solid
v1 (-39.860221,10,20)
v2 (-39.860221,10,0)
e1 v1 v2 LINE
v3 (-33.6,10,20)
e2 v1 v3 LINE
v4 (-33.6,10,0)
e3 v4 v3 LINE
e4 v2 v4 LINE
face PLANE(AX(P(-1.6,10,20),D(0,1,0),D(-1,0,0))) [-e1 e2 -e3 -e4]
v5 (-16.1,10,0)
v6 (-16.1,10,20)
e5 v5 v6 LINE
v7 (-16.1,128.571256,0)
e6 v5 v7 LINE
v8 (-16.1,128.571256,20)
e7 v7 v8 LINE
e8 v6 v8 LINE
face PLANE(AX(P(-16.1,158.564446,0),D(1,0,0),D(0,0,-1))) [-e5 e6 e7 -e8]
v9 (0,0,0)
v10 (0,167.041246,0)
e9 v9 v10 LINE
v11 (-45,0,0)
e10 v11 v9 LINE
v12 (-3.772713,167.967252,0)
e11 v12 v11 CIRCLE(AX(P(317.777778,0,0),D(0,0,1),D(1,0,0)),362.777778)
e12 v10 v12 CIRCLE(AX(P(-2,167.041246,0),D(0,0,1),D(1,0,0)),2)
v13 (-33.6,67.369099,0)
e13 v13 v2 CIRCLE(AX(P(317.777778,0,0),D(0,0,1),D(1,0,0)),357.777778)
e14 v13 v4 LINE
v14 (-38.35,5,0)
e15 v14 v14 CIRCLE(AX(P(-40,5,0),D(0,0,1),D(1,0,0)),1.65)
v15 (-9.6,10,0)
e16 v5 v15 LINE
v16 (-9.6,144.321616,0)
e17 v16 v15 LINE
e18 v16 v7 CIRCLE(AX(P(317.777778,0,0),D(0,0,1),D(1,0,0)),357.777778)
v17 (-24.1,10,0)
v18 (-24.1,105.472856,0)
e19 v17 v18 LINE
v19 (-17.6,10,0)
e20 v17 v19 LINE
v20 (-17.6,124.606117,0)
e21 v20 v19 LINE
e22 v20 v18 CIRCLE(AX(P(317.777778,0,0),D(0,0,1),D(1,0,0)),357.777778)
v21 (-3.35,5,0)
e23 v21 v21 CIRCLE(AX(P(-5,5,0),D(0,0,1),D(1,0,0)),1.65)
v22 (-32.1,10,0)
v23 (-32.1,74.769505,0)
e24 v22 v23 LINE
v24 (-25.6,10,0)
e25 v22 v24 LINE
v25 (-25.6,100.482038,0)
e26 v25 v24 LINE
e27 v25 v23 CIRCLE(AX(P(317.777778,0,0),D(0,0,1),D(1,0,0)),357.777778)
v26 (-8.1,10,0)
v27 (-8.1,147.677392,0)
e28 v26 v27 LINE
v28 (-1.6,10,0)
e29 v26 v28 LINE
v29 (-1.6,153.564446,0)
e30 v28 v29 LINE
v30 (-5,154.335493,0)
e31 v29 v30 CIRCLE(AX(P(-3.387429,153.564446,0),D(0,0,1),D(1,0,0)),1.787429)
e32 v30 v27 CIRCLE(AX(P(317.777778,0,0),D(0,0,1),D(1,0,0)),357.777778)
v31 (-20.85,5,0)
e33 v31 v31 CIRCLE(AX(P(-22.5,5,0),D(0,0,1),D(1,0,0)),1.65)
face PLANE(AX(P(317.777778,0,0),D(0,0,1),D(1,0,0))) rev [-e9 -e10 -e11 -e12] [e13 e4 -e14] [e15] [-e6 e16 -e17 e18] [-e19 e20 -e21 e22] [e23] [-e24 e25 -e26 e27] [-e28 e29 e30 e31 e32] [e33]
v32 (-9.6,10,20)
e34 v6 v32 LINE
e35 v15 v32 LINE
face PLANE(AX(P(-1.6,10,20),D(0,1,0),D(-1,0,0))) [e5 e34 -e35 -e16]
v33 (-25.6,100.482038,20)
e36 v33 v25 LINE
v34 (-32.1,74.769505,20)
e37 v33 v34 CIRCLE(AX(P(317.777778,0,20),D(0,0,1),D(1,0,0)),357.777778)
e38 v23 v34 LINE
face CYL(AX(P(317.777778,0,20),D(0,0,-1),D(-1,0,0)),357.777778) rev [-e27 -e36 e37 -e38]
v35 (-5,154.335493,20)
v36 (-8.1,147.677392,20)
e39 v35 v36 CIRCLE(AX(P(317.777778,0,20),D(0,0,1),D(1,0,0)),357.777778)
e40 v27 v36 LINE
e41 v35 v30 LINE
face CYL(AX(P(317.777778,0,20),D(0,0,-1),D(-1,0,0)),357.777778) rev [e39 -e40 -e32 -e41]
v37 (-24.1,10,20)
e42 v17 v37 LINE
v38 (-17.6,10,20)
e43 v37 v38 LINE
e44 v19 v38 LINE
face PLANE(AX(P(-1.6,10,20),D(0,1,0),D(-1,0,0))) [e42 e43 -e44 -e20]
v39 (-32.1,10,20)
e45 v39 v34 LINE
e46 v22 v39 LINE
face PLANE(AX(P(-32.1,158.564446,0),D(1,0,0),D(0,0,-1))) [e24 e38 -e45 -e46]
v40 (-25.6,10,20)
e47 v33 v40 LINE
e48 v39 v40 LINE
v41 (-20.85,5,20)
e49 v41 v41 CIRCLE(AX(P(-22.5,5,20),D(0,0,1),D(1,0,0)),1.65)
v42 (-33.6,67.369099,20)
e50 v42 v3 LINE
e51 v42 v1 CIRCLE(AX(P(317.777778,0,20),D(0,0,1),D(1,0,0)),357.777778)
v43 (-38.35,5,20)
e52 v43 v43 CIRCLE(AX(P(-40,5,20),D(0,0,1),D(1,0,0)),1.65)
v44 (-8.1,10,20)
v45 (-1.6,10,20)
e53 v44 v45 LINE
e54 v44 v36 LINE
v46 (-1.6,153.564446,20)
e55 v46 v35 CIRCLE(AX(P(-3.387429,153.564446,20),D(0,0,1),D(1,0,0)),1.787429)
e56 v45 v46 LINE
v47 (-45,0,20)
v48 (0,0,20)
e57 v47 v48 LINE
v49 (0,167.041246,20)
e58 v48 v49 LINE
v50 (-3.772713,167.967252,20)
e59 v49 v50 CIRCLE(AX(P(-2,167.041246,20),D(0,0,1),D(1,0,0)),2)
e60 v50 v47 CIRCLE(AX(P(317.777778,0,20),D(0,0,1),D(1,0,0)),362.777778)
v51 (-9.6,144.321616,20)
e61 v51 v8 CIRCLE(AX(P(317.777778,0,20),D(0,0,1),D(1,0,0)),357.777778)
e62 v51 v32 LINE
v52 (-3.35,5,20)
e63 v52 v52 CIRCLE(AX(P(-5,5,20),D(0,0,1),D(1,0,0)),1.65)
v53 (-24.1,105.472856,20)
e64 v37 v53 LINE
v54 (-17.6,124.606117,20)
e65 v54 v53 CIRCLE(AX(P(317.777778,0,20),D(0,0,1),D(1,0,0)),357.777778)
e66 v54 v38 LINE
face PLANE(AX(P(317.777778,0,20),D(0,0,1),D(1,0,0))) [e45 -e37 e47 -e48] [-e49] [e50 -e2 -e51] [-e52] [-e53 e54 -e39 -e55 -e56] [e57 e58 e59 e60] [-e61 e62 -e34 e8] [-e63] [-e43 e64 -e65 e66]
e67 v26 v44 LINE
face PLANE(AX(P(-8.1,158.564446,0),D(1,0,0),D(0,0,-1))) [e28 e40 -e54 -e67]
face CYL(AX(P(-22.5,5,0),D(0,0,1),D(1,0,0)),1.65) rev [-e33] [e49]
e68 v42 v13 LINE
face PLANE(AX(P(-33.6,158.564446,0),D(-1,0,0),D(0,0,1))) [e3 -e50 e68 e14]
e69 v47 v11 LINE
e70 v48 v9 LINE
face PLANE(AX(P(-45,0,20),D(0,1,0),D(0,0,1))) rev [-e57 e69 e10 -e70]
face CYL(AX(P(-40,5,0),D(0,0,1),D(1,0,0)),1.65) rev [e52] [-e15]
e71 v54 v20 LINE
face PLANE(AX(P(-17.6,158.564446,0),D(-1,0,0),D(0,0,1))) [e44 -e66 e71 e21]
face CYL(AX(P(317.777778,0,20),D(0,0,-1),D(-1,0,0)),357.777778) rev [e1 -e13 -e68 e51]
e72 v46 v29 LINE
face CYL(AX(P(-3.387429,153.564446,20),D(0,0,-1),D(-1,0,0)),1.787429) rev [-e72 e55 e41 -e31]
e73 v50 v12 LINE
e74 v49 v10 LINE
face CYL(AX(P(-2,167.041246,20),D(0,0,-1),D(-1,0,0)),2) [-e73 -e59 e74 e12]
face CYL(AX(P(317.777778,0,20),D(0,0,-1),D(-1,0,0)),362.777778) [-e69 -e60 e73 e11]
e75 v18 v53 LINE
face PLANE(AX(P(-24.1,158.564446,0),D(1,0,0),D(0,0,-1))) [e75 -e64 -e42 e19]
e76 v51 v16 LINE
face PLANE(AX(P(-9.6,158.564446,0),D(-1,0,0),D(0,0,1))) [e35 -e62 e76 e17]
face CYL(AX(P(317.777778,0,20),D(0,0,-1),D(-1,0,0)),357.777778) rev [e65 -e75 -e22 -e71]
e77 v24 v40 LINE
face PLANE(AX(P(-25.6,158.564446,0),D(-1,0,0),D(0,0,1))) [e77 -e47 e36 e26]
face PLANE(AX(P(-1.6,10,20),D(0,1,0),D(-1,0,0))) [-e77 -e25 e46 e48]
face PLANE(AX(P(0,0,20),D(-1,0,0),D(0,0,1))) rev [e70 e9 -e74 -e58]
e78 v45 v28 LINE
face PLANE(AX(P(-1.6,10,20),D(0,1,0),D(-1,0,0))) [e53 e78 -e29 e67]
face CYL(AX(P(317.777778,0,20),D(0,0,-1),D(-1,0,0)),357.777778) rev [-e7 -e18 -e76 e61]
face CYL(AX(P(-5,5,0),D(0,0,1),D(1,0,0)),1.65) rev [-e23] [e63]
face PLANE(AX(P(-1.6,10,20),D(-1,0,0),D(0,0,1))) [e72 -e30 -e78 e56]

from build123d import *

# Parameters (mm, degrees)
BOSS_EXTRUDE4_DEPTH  = 20
SKETCH12_R           = 1.65
CUT_EXTRUDE1_DEPTH   = 177.068006068
SKETCH14_W           = 1.5
SKETCH14_H           = 148.56444562
BOSS_EXTRUDE5_DEPTH  = 20
CUT_EXTRUDE2_START   = -20
CUT_EXTRUDE2_DEPTH   = 20
CUT_EXTRUDE3_START   = -30
CUT_EXTRUDE3_DEPTH   = 30
LPATTERN2_COUNT      = 5
LPATTERN2_PITCH      = 8
LPATTERN2_COUNT_DIR2 = 5
LPATTERN2_PITCH_DIR2 = 8
CUT_EXTRUDE4_START   = -30
CUT_EXTRUDE4_DEPTH   = 30


with BuildPart() as part:
    # Sketch5 → Boss-Extrude4 (new body)
    with BuildSketch(Plane.XY):
        with BuildLine():
            Line((0, 0), (0, 167.041245738))
            ThreePointArc((0, 167.041245738), (-1.523254023, 168.9835931), (-3.772713274, 167.967252028))
            ThreePointArc((-3.772713274, 167.967252028), (-34.542452011, 86.476422979), (-45, 0))
            Line((-45, 0), (0, 0))
        make_face()
        with BuildLine():
            Line((-1.6, 10), (-39.860221142, 10))
            ThreePointArc((-39.860221142, 10), (-30.000299364, 83.996114978), (-5, 154.335493145))
            ThreePointArc((-5, 154.335493145), (-2.992115624, 155.307611869), (-1.6, 153.56444562))
            Line((-1.6, 153.56444562), (-1.6, 10))
        make_face(mode=Mode.SUBTRACT)
    extrude(amount=BOSS_EXTRUDE4_DEPTH)

    # Sketch12 → Cut-Extrude1 (cut, through all)
    with BuildSketch(Plane.XY.offset(20)):
        with Locations((-40, 5)):
            Circle(SKETCH12_R)
        with Locations((-22.5, 5)):
            Circle(SKETCH12_R)
        with Locations((-5, 5)):
            Circle(SKETCH12_R)
    extrude(amount=-CUT_EXTRUDE1_DEPTH, mode=Mode.SUBTRACT)

    # Sketch14 → Boss-Extrude5 (add)
    with BuildSketch(Plane.XY.offset(20)):
        with Locations((-0.85, 84.28222281)):
            Rectangle(SKETCH14_W, SKETCH14_H)
    boss_extrude5 = extrude(amount=-BOSS_EXTRUDE5_DEPTH)

    # Sketch17 → Cut-Extrude2 (cut)
    with BuildSketch(Plane.XY.offset(20).offset(CUT_EXTRUDE2_START)):
        Polygon((-120.638203698, 868.825955305), (-109.129206393, -31.174044695), (790.870793607, -19.66504739), (784.13367644, 507.175413991), align=None)
        with BuildLine():
            Line((-45, 0), (0, 0))
            Line((0, 0), (0, 167.041245738))
            ThreePointArc((0, 167.041245738), (-1.523254023, 168.9835931), (-3.772713274, 167.967252028))
            ThreePointArc((-3.772713274, 167.967252028), (-34.542452011, 86.476422979), (-45, 0))
        make_face(mode=Mode.SUBTRACT)
    extrude(amount=CUT_EXTRUDE2_DEPTH, mode=Mode.SUBTRACT)

    # Sketch18 → Cut-Extrude3 (cut)
    with BuildSketch(Plane.XY.offset(20).offset(CUT_EXTRUDE3_START)):
        Polygon((10.567687301, -7.152622061), (26.572035637, 318.782087337), (-234.729728554, 306.471050155), (-205.798791176, -46.855716973), align=None)
        with BuildLine():
            Line((-45, 0), (0, 0))
            Line((0, 0), (0, 167.041245738))
            ThreePointArc((0, 167.041245738), (-1.523254023, 168.9835931), (-3.772713274, 167.967252028))
            ThreePointArc((-3.772713274, 167.967252028), (-34.542452011, 86.476422979), (-45, 0))
        make_face(mode=Mode.SUBTRACT)
    extrude(amount=CUT_EXTRUDE3_DEPTH, mode=Mode.SUBTRACT)

    # LPattern2: Boss-Extrude5 5 × 5, 10 skipped
    with Locations(*[Vector(-1, 0, 0) * (i * LPATTERN2_PITCH) + Vector(-1, 0, 0) * (j * LPATTERN2_PITCH_DIR2) for i in range(LPATTERN2_COUNT) for j in range(LPATTERN2_COUNT_DIR2) if (i, j) not in ((0, 0), (1, 4), (2, 3), (2, 4), (3, 2), (3, 3), (3, 4), (4, 1), (4, 2), (4, 3), (4, 4))]):
        add(boss_extrude5)

    # Sketch19 → Cut-Extrude4 (cut)
    with BuildSketch(Plane.XY.offset(20).offset(CUT_EXTRUDE4_START)):
        Polygon((-113.909990018, -19.131609845), (183.246695872, -29.17634289), (134.697152825, 220.267861041), (-171.248674479, 235.334960607), align=None)
        with BuildLine():
            Line((-45, 0), (0, 0))
            Line((0, 0), (0, 167.041245738))
            ThreePointArc((0, 167.041245738), (-1.523254023, 168.9835931), (-3.772713274, 167.967252028))
            ThreePointArc((-3.772713274, 167.967252028), (-34.542452011, 86.476422979), (-45, 0))
        make_face(mode=Mode.SUBTRACT)
    extrude(amount=CUT_EXTRUDE4_DEPTH, mode=Mode.SUBTRACT)


solid = part.part
